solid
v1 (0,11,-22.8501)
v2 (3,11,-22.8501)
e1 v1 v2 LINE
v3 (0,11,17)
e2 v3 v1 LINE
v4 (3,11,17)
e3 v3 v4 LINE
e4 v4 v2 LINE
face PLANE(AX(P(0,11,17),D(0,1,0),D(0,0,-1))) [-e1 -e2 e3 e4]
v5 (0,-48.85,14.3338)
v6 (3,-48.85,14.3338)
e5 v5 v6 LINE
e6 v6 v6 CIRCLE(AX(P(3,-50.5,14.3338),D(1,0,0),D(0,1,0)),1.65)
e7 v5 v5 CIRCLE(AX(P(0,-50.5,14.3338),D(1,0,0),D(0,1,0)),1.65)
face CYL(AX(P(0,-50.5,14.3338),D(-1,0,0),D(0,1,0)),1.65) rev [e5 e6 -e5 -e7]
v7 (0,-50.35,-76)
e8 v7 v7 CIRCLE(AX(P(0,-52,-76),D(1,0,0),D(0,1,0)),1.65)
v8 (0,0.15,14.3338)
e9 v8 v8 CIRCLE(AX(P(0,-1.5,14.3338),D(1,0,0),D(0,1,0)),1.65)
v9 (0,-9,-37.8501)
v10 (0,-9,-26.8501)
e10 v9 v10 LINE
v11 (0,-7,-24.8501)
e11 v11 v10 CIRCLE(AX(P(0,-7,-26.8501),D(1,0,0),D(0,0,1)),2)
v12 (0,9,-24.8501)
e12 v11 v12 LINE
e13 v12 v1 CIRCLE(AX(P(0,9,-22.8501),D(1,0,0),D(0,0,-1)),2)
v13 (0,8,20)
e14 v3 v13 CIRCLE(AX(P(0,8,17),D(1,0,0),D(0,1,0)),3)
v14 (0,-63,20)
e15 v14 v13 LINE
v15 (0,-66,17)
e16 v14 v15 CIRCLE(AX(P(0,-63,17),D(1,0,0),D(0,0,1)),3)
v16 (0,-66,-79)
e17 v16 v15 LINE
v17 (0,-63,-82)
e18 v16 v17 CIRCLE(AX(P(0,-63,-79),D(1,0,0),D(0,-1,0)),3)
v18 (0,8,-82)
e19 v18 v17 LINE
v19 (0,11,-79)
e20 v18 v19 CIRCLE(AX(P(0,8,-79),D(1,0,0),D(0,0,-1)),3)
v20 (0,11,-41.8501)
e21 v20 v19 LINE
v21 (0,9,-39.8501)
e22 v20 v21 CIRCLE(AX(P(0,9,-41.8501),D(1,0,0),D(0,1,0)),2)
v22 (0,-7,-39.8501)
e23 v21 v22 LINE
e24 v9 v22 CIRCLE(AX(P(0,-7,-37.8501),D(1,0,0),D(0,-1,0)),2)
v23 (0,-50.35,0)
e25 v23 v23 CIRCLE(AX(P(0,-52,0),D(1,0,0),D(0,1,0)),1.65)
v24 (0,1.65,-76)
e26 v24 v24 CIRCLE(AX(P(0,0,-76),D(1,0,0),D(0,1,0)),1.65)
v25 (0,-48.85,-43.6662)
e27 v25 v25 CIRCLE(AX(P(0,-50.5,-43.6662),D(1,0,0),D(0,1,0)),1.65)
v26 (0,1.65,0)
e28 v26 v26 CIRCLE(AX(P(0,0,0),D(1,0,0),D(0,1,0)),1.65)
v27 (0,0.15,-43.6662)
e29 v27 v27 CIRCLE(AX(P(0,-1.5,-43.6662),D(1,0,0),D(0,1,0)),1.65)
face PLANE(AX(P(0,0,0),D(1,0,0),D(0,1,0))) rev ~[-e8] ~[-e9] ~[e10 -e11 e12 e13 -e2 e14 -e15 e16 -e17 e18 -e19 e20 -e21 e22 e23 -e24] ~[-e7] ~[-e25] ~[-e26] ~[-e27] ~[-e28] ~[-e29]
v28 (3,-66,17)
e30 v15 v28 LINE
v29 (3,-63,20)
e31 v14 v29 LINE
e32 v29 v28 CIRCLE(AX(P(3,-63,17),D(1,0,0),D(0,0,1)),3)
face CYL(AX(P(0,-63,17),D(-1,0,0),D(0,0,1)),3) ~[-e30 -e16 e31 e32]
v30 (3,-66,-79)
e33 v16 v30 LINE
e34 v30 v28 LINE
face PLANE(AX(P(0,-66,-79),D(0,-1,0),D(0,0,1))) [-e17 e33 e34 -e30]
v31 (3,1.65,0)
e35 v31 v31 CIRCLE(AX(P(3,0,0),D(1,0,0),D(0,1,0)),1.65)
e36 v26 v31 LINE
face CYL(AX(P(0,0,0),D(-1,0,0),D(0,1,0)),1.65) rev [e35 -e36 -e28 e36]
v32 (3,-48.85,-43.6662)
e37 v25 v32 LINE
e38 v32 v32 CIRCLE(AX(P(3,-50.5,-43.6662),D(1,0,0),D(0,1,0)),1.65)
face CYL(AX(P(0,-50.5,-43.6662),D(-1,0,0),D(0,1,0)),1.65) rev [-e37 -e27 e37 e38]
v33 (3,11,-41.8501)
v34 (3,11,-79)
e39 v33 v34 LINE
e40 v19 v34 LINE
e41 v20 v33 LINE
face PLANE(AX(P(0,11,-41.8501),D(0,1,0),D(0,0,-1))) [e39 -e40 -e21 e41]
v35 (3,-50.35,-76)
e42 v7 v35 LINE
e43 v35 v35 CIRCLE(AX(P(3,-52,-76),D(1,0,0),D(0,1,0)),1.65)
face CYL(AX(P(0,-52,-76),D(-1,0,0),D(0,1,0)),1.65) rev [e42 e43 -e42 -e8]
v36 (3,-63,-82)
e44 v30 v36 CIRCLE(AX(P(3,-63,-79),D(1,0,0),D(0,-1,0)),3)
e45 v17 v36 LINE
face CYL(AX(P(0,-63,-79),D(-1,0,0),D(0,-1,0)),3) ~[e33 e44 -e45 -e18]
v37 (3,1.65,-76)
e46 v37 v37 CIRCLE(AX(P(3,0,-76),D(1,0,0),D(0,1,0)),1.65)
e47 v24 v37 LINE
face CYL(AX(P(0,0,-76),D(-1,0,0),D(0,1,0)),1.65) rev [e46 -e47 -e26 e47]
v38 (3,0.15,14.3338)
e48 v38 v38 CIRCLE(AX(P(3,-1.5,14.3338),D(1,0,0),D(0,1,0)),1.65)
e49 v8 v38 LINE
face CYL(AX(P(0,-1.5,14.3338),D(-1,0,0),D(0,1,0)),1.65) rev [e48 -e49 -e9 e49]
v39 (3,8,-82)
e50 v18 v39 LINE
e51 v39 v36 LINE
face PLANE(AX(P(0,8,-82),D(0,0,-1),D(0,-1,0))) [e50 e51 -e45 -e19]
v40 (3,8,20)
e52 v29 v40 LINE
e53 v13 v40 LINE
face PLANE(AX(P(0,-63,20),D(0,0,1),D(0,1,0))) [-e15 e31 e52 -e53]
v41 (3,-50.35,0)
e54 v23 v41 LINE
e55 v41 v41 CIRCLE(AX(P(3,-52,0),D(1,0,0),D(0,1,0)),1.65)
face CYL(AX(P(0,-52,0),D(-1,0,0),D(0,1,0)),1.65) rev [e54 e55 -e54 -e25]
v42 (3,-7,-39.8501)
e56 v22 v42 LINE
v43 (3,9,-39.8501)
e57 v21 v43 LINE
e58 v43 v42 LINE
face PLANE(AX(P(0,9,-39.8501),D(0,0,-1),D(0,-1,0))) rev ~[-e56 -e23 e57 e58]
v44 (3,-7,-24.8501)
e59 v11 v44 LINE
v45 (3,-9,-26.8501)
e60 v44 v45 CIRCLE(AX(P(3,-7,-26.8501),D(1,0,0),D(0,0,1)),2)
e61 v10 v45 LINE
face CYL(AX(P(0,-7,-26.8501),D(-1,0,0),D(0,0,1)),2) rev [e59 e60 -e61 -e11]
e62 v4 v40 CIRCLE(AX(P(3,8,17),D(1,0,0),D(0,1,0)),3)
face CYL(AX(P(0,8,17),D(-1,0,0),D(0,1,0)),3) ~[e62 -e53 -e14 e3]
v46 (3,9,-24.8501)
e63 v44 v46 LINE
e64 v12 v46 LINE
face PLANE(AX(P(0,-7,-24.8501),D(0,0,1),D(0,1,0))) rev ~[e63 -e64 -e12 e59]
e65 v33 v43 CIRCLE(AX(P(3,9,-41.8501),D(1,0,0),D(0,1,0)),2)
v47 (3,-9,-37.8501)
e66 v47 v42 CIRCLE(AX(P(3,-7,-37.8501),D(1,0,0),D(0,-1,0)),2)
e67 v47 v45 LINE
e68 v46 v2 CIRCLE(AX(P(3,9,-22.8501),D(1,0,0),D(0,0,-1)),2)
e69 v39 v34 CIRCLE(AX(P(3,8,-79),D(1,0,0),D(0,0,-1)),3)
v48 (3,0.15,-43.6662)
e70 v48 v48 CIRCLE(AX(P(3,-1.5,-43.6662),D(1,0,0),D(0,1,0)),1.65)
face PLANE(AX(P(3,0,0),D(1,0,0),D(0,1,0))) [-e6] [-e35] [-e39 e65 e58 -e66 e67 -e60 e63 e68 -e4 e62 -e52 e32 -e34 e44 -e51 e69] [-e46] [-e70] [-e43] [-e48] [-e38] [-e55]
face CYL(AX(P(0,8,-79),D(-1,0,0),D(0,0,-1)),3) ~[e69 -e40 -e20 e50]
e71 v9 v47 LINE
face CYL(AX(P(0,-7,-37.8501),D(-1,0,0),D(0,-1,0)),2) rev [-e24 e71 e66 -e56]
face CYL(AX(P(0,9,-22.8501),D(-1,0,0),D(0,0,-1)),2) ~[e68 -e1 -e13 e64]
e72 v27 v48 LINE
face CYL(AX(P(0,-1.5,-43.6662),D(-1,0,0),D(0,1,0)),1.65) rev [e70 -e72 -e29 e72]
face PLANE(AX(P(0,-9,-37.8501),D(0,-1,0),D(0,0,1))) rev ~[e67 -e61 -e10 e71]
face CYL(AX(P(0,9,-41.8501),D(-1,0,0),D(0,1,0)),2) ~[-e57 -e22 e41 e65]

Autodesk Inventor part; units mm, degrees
ref_plane "YZ Plane" through (0, 0, 0) normal (1, 0, 0) x (0, 1, 0)
ref_plane "XZ Plane" through (0, 0, 0) normal (0, 1, 0) x (-1, 0, 0)
ref_plane "XY Plane" through (0, 0, 0) normal (0, 0, 1) x (1, 0, 0)
sketch "Эскиз1" plane through (0, 0, 0) normal (1, 0, 0) x (0, 1, 0)
  circle A0 centre (0, 0) radius 1.65
  circle A1 centre (0, -76) radius 1.65
  circle A2 centre (-52, 0) radius 1.65
  circle A3 centre (-52, -76) radius 1.65
  line L0 (-63, 20) -> (8, 20)
  line L1 (8, -82) -> (-63, -82)
  line L2 (-66, -79) -> (-66, 17)
  arc A4 (11, 17) -> (8, 20) centre (8, 17) ccw
  arc A5 (8, -82) -> (11, -79) centre (8, -79) ccw
  arc A6 (-66, -79) -> (-63, -82) centre (-63, -79) ccw
  arc A7 (-63, 20) -> (-66, 17) centre (-63, 17) ccw
  circle A8 centre (-1.5, -43.6662) radius 1.65
  circle A9 centre (-50.5, -43.6662) radius 1.65
  circle A10 centre (-1.5, 14.3338) radius 1.65
  circle A11 centre (-50.5, 14.3338) radius 1.65
  line L3 (9, -39.8501) -> (-7, -39.8501)
  line L4 (-9, -37.8501) -> (-9, -26.8501)
  line L5 (-7, -24.8501) -> (9, -24.8501)
  line L6 (11, 17) -> (11, -22.8501)
  line L7 (11, -41.8501) -> (11, -79)
  arc A12 (-9, -37.8501) -> (-7, -39.8501) centre (-7, -37.8501) ccw
  arc A13 (-7, -24.8501) -> (-9, -26.8501) centre (-7, -26.8501) ccw
  arc A14 (9, -24.8501) -> (11, -22.8501) centre (9, -22.8501) ccw
  arc A15 (11, -41.8501) -> (9, -39.8501) centre (9, -41.8501) ccw
  point P0 (11, -39.8501)
  point P1 (-9, -39.8501)
  point P2 (-9, -24.8501)
  dimension "d4" = 3.3
  dimension "d8" = 3.3
  dimension "d13" = 3.3
  dimension "d14" = 3.3
  dimension "d20" = 3
  dimension "d23" = 52
  dimension "d29" = 3.3
  dimension "d31" = 3.3
  dimension "d34" = 3.3
  dimension "d35" = 3.3
  dimension "d36" = 20
  dimension "d37" = 15
  dimension "d38" = 2
extrude "Выдавливание2" add sketch "Эскиз1" along normal blind 3
properties part number "adapter_arduino_to_power"
